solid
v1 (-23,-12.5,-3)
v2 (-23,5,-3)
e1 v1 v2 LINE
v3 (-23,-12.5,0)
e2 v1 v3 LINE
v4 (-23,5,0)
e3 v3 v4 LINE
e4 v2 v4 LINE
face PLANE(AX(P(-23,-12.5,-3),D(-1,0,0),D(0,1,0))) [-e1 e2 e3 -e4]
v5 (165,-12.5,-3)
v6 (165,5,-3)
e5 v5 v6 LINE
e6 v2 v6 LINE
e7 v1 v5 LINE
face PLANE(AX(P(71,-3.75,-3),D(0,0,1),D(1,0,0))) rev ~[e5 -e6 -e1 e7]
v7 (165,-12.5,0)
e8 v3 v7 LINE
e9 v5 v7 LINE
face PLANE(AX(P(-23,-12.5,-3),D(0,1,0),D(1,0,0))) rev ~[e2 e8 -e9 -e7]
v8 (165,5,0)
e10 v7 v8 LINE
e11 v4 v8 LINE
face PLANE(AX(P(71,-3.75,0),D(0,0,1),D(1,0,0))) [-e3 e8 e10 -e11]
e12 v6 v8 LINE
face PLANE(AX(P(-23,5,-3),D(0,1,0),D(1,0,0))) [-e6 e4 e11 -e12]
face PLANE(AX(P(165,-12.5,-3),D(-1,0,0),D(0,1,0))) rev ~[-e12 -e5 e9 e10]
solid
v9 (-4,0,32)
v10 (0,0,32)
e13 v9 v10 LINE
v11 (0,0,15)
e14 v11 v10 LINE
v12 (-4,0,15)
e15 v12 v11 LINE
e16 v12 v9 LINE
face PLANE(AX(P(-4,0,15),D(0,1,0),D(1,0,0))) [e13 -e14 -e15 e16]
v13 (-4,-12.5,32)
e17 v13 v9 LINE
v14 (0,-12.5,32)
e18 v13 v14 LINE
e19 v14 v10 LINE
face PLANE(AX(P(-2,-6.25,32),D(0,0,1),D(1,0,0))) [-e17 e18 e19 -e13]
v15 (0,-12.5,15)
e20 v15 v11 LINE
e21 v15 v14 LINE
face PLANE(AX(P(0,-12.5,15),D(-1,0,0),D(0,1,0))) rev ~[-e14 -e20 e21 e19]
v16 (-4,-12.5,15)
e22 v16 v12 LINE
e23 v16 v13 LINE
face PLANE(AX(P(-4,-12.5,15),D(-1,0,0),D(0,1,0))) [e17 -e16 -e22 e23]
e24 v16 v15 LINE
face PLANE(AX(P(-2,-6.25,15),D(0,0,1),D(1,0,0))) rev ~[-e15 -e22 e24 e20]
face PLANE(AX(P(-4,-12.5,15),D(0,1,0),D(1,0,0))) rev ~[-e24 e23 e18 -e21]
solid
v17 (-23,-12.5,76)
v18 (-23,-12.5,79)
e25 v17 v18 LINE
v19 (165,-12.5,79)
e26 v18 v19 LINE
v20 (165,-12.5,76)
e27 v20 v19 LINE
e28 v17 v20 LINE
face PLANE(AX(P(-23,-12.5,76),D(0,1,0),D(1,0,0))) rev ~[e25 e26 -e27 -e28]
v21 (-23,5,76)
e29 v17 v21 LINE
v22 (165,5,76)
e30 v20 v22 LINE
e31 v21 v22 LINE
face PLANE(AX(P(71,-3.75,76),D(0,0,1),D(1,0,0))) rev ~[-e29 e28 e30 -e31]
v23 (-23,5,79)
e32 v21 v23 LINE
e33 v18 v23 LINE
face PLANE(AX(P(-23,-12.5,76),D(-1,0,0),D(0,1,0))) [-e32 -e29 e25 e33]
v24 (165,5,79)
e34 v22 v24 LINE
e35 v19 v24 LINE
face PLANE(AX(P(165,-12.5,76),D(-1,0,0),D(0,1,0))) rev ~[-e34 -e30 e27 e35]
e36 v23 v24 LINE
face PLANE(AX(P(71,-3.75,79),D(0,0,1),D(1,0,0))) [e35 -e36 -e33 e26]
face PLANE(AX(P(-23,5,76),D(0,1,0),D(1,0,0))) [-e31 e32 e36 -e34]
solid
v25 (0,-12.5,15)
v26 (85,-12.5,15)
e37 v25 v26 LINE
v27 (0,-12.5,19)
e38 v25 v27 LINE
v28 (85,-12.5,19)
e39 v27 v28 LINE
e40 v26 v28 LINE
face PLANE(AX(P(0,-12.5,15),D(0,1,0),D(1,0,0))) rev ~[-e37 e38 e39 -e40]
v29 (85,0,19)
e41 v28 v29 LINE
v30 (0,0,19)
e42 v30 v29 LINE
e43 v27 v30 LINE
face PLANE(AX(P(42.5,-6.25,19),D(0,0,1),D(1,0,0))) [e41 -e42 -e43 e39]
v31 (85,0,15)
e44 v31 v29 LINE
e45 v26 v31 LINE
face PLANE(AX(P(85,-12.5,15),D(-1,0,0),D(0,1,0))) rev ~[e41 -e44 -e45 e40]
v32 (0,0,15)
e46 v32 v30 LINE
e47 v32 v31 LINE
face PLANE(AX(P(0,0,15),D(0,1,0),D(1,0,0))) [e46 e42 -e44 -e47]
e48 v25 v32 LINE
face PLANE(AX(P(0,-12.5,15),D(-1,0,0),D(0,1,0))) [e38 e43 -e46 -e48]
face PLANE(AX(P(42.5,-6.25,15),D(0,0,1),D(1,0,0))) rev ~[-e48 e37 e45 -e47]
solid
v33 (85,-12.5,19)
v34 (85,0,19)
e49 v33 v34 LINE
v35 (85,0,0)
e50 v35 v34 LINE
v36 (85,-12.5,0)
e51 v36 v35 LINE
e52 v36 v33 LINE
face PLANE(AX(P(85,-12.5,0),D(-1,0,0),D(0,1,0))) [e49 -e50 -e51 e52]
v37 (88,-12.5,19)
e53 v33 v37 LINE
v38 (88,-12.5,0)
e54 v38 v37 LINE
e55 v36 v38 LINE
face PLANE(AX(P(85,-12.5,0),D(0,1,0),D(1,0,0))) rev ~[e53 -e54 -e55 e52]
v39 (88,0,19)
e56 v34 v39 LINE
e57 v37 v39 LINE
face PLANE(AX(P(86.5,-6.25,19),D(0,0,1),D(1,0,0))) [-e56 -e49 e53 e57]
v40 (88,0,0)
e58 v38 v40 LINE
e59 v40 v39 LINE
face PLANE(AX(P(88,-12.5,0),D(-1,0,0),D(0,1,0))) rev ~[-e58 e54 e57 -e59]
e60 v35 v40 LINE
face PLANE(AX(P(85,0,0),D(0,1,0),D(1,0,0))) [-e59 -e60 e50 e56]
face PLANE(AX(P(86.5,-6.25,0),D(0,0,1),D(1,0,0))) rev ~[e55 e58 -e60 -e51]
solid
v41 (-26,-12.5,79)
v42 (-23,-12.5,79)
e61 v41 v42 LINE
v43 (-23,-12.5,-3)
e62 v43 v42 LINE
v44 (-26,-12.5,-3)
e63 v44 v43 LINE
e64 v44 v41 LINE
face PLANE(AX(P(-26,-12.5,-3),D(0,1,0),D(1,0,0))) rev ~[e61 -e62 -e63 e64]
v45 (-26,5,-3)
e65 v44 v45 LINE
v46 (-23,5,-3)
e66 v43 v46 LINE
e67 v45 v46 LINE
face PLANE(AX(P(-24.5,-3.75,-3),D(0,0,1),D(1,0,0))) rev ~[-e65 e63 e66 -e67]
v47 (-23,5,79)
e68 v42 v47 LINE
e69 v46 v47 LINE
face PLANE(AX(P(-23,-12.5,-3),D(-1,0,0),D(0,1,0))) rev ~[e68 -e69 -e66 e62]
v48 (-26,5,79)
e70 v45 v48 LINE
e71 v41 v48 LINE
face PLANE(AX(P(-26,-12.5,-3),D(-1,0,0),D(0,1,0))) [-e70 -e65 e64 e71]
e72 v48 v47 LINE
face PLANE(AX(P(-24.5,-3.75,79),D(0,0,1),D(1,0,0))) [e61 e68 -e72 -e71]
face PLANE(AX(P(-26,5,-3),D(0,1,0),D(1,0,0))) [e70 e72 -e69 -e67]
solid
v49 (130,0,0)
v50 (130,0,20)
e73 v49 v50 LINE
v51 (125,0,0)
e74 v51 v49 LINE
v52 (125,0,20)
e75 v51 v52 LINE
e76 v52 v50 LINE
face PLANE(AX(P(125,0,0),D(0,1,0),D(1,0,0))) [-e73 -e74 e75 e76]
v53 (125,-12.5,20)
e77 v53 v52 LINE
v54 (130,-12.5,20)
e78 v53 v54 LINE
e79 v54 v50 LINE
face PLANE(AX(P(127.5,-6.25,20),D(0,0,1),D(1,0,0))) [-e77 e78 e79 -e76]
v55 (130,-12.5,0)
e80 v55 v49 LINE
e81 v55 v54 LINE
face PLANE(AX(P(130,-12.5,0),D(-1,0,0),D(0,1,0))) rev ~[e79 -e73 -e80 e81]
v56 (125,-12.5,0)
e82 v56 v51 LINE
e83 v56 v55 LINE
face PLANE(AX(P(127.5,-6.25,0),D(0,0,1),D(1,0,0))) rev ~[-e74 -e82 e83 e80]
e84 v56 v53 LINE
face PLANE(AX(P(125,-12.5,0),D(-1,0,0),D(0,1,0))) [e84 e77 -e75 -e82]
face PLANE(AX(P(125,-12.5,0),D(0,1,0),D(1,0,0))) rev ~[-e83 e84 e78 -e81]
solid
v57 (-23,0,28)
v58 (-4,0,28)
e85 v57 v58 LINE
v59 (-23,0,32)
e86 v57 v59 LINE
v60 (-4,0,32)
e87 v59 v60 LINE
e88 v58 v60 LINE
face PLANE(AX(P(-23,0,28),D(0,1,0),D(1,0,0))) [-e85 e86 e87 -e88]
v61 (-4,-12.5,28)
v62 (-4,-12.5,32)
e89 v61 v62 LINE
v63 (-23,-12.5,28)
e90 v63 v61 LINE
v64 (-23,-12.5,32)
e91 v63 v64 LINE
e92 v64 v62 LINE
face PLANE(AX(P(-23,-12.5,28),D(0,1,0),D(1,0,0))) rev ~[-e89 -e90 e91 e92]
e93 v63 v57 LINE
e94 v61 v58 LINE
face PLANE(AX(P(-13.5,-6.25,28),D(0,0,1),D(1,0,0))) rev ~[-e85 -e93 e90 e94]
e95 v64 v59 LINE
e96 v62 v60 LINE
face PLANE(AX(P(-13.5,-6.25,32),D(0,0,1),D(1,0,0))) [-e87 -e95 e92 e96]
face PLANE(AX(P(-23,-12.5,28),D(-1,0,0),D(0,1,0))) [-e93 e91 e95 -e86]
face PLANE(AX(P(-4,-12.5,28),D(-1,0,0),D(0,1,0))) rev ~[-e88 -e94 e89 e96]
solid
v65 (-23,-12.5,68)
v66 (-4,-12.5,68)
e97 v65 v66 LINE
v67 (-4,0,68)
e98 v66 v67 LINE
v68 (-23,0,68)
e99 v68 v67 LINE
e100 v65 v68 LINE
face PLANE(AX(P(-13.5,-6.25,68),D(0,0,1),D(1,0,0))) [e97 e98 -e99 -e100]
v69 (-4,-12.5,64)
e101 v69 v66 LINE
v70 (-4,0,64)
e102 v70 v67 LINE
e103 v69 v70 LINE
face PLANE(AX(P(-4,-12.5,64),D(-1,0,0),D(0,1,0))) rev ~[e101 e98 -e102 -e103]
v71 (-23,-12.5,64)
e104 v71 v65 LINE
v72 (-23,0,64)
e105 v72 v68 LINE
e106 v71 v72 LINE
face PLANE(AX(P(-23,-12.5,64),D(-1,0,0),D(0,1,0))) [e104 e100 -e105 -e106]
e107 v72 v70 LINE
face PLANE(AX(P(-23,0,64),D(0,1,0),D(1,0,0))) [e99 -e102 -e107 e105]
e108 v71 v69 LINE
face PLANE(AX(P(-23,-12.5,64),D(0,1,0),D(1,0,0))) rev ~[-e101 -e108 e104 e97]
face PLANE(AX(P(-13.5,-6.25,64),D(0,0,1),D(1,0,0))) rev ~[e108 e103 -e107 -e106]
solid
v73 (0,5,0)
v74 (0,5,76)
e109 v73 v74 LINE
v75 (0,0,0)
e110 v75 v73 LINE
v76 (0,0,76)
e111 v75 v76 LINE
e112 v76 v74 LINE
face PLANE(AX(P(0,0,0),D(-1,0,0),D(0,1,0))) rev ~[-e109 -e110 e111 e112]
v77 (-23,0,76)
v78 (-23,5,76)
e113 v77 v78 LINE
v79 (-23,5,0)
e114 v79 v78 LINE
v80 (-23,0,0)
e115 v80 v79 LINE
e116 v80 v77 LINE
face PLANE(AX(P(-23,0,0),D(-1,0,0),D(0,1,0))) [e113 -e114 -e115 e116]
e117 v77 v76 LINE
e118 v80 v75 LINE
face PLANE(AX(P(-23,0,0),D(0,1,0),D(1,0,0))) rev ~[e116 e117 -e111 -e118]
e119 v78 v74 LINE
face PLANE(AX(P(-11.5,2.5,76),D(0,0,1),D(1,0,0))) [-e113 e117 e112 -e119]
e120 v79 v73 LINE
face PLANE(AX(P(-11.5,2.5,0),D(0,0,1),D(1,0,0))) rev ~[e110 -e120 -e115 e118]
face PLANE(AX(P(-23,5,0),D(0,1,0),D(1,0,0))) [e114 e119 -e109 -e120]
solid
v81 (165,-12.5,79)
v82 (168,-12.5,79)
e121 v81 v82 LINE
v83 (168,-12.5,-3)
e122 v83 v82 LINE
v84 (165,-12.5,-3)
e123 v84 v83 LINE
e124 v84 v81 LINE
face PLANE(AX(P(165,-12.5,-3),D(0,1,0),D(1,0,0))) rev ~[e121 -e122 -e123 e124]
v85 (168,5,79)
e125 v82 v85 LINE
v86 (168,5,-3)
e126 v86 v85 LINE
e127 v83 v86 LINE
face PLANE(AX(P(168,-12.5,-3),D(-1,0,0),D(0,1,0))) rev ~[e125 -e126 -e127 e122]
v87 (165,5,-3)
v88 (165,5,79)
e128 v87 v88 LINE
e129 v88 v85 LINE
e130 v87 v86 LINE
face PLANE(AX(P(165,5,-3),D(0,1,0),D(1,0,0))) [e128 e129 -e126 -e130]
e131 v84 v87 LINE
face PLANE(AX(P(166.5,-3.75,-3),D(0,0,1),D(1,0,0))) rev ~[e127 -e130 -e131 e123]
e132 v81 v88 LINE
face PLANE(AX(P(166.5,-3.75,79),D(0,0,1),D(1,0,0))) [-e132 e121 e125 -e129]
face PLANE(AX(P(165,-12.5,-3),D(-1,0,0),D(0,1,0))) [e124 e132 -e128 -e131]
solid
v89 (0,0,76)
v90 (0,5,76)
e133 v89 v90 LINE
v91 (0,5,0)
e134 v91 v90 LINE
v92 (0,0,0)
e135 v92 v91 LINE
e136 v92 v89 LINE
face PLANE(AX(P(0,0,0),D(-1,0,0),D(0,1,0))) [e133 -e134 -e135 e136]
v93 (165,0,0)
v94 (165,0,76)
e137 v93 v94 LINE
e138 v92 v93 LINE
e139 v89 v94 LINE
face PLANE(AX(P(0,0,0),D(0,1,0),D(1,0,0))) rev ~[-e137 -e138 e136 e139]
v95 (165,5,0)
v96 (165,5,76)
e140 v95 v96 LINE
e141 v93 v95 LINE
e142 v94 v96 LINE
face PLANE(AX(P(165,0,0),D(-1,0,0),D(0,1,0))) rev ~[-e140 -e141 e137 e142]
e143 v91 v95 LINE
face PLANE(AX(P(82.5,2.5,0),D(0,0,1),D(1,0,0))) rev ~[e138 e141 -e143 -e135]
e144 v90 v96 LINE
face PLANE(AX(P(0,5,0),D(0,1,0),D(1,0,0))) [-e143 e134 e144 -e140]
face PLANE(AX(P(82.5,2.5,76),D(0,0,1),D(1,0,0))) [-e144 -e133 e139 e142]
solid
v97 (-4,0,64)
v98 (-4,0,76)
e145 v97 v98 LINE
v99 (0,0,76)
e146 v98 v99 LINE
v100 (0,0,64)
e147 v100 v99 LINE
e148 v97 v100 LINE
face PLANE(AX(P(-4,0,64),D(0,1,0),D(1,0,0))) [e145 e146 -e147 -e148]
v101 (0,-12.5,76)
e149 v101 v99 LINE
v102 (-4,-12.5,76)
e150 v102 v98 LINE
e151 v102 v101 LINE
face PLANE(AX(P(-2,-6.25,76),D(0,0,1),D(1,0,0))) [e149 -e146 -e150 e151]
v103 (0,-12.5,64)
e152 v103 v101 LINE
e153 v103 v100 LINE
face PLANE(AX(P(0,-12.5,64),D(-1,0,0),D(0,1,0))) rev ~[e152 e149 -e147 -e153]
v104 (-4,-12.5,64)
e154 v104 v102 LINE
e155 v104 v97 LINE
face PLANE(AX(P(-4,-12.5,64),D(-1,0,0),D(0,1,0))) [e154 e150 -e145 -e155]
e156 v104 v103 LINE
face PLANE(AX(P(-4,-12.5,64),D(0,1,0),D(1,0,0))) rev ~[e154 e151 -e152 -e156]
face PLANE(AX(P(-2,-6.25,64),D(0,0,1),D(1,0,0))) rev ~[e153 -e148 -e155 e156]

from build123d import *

# Parameters (mm, degrees)
BOX_W        = 165
BOX_H        = 5
BOX_DEPTH    = 76
BOX001_W     = 188
BOX001_H     = 17.5
BOX001_DEPTH = 3
BOX002_W     = 23
BOX002_H     = 5
BOX002_DEPTH = 76
BOX003_W     = 188
BOX003_H     = 17.5
BOX003_DEPTH = 3
BOX004_W     = 3
BOX004_H     = 17.5
BOX004_DEPTH = 82
BOX005_W     = 3
BOX005_H     = 17.5
BOX005_DEPTH = 82
BOX006_W     = 5
BOX006_H     = 12.5
BOX006_DEPTH = 20
BOX007_W     = 3
BOX007_H     = 12.5
BOX007_DEPTH = 19
BOX008_W     = 85
BOX008_H     = 12.5
BOX008_DEPTH = 4
BOX009_W     = 4
BOX009_H     = 12.5
BOX009_DEPTH = 17
BOX010_W     = 19
BOX010_H     = 12.5
BOX010_DEPTH = 4
BOX011_W     = 19
BOX011_H     = 12.5
BOX011_DEPTH = 4
BOX013_W     = 4
BOX013_H     = 12.5
BOX013_DEPTH = 12


with BuildPart() as base:
    # Box → Box (new body)
    with BuildSketch(Plane.XY):
        with Locations((82.5, 2.5)):
            Rectangle(BOX_W, BOX_H)
    extrude(amount=BOX_DEPTH)


with BuildPart() as box001:
    # Box001 → Box001 (new body)
    with BuildSketch(Plane(origin=(-23, -12.5, -3), x_dir=(1, 0, 0), z_dir=(0, 0, 1))):
        with Locations((94, 8.75)):
            Rectangle(BOX001_W, BOX001_H)
    extrude(amount=BOX001_DEPTH)


with BuildPart() as box002:
    # Box002 → Box002 (new body)
    with BuildSketch(Plane(origin=(-23, 0, 0), x_dir=(1, 0, 0), z_dir=(0, 0, 1))):
        with Locations((11.5, 2.5)):
            Rectangle(BOX002_W, BOX002_H)
    extrude(amount=BOX002_DEPTH)


with BuildPart() as box003:
    # Box003 → Box003 (new body)
    with BuildSketch(Plane(origin=(-23, -12.5, 76), x_dir=(1, 0, 0), z_dir=(0, 0, 1))):
        with Locations((94, 8.75)):
            Rectangle(BOX003_W, BOX003_H)
    extrude(amount=BOX003_DEPTH)


with BuildPart() as box004:
    # Box004 → Box004 (new body)
    with BuildSketch(Plane(origin=(-26, -12.5, -3), x_dir=(1, 0, 0), z_dir=(0, 0, 1))):
        with Locations((1.5, 8.75)):
            Rectangle(BOX004_W, BOX004_H)
    extrude(amount=BOX004_DEPTH)


with BuildPart() as box005:
    # Box005 → Box005 (new body)
    with BuildSketch(Plane(origin=(165, -12.5, -3), x_dir=(1, 0, 0), z_dir=(0, 0, 1))):
        with Locations((1.5, 8.75)):
            Rectangle(BOX005_W, BOX005_H)
    extrude(amount=BOX005_DEPTH)


with BuildPart() as box006:
    # Box006 → Box006 (new body)
    with BuildSketch(Plane(origin=(125, -12.5, 0), x_dir=(1, 0, 0), z_dir=(0, 0, 1))):
        with Locations((2.5, 6.25)):
            Rectangle(BOX006_W, BOX006_H)
    extrude(amount=BOX006_DEPTH)


with BuildPart() as box007:
    # Box007 → Box007 (new body)
    with BuildSketch(Plane(origin=(85, -12.5, 0), x_dir=(1, 0, 0), z_dir=(0, 0, 1))):
        with Locations((1.5, 6.25)):
            Rectangle(BOX007_W, BOX007_H)
    extrude(amount=BOX007_DEPTH)


with BuildPart() as box008:
    # Box008 → Box008 (new body)
    with BuildSketch(Plane(origin=(0, -12.5, 15), x_dir=(1, 0, 0), z_dir=(0, 0, 1))):
        with Locations((42.5, 6.25)):
            Rectangle(BOX008_W, BOX008_H)
    extrude(amount=BOX008_DEPTH)


with BuildPart() as box009:
    # Box009 → Box009 (new body)
    with BuildSketch(Plane(origin=(-4, -12.5, 15), x_dir=(1, 0, 0), z_dir=(0, 0, 1))):
        with Locations((2, 6.25)):
            Rectangle(BOX009_W, BOX009_H)
    extrude(amount=BOX009_DEPTH)


with BuildPart() as box010:
    # Box010 → Box010 (new body)
    with BuildSketch(Plane(origin=(-23, -12.5, 28), x_dir=(1, 0, 0), z_dir=(0, 0, 1))):
        with Locations((9.5, 6.25)):
            Rectangle(BOX010_W, BOX010_H)
    extrude(amount=BOX010_DEPTH)


with BuildPart() as box011:
    # Box011 → Box011 (new body)
    with BuildSketch(Plane(origin=(-23, -12.5, 64), x_dir=(1, 0, 0), z_dir=(0, 0, 1))):
        with Locations((9.5, 6.25)):
            Rectangle(BOX011_W, BOX011_H)
    extrude(amount=BOX011_DEPTH)


with BuildPart() as box013:
    # Box013 → Box013 (new body)
    with BuildSketch(Plane(origin=(-4, -12.5, 64), x_dir=(1, 0, 0), z_dir=(0, 0, 1))):
        with Locations((2, 6.25)):
            Rectangle(BOX013_W, BOX013_H)
    extrude(amount=BOX013_DEPTH)


solid = Compound([base.part, box001.part, box002.part, box003.part, box004.part, box005.part, box006.part, box007.part, box008.part, box009.part, box010.part, box011.part, box013.part])
